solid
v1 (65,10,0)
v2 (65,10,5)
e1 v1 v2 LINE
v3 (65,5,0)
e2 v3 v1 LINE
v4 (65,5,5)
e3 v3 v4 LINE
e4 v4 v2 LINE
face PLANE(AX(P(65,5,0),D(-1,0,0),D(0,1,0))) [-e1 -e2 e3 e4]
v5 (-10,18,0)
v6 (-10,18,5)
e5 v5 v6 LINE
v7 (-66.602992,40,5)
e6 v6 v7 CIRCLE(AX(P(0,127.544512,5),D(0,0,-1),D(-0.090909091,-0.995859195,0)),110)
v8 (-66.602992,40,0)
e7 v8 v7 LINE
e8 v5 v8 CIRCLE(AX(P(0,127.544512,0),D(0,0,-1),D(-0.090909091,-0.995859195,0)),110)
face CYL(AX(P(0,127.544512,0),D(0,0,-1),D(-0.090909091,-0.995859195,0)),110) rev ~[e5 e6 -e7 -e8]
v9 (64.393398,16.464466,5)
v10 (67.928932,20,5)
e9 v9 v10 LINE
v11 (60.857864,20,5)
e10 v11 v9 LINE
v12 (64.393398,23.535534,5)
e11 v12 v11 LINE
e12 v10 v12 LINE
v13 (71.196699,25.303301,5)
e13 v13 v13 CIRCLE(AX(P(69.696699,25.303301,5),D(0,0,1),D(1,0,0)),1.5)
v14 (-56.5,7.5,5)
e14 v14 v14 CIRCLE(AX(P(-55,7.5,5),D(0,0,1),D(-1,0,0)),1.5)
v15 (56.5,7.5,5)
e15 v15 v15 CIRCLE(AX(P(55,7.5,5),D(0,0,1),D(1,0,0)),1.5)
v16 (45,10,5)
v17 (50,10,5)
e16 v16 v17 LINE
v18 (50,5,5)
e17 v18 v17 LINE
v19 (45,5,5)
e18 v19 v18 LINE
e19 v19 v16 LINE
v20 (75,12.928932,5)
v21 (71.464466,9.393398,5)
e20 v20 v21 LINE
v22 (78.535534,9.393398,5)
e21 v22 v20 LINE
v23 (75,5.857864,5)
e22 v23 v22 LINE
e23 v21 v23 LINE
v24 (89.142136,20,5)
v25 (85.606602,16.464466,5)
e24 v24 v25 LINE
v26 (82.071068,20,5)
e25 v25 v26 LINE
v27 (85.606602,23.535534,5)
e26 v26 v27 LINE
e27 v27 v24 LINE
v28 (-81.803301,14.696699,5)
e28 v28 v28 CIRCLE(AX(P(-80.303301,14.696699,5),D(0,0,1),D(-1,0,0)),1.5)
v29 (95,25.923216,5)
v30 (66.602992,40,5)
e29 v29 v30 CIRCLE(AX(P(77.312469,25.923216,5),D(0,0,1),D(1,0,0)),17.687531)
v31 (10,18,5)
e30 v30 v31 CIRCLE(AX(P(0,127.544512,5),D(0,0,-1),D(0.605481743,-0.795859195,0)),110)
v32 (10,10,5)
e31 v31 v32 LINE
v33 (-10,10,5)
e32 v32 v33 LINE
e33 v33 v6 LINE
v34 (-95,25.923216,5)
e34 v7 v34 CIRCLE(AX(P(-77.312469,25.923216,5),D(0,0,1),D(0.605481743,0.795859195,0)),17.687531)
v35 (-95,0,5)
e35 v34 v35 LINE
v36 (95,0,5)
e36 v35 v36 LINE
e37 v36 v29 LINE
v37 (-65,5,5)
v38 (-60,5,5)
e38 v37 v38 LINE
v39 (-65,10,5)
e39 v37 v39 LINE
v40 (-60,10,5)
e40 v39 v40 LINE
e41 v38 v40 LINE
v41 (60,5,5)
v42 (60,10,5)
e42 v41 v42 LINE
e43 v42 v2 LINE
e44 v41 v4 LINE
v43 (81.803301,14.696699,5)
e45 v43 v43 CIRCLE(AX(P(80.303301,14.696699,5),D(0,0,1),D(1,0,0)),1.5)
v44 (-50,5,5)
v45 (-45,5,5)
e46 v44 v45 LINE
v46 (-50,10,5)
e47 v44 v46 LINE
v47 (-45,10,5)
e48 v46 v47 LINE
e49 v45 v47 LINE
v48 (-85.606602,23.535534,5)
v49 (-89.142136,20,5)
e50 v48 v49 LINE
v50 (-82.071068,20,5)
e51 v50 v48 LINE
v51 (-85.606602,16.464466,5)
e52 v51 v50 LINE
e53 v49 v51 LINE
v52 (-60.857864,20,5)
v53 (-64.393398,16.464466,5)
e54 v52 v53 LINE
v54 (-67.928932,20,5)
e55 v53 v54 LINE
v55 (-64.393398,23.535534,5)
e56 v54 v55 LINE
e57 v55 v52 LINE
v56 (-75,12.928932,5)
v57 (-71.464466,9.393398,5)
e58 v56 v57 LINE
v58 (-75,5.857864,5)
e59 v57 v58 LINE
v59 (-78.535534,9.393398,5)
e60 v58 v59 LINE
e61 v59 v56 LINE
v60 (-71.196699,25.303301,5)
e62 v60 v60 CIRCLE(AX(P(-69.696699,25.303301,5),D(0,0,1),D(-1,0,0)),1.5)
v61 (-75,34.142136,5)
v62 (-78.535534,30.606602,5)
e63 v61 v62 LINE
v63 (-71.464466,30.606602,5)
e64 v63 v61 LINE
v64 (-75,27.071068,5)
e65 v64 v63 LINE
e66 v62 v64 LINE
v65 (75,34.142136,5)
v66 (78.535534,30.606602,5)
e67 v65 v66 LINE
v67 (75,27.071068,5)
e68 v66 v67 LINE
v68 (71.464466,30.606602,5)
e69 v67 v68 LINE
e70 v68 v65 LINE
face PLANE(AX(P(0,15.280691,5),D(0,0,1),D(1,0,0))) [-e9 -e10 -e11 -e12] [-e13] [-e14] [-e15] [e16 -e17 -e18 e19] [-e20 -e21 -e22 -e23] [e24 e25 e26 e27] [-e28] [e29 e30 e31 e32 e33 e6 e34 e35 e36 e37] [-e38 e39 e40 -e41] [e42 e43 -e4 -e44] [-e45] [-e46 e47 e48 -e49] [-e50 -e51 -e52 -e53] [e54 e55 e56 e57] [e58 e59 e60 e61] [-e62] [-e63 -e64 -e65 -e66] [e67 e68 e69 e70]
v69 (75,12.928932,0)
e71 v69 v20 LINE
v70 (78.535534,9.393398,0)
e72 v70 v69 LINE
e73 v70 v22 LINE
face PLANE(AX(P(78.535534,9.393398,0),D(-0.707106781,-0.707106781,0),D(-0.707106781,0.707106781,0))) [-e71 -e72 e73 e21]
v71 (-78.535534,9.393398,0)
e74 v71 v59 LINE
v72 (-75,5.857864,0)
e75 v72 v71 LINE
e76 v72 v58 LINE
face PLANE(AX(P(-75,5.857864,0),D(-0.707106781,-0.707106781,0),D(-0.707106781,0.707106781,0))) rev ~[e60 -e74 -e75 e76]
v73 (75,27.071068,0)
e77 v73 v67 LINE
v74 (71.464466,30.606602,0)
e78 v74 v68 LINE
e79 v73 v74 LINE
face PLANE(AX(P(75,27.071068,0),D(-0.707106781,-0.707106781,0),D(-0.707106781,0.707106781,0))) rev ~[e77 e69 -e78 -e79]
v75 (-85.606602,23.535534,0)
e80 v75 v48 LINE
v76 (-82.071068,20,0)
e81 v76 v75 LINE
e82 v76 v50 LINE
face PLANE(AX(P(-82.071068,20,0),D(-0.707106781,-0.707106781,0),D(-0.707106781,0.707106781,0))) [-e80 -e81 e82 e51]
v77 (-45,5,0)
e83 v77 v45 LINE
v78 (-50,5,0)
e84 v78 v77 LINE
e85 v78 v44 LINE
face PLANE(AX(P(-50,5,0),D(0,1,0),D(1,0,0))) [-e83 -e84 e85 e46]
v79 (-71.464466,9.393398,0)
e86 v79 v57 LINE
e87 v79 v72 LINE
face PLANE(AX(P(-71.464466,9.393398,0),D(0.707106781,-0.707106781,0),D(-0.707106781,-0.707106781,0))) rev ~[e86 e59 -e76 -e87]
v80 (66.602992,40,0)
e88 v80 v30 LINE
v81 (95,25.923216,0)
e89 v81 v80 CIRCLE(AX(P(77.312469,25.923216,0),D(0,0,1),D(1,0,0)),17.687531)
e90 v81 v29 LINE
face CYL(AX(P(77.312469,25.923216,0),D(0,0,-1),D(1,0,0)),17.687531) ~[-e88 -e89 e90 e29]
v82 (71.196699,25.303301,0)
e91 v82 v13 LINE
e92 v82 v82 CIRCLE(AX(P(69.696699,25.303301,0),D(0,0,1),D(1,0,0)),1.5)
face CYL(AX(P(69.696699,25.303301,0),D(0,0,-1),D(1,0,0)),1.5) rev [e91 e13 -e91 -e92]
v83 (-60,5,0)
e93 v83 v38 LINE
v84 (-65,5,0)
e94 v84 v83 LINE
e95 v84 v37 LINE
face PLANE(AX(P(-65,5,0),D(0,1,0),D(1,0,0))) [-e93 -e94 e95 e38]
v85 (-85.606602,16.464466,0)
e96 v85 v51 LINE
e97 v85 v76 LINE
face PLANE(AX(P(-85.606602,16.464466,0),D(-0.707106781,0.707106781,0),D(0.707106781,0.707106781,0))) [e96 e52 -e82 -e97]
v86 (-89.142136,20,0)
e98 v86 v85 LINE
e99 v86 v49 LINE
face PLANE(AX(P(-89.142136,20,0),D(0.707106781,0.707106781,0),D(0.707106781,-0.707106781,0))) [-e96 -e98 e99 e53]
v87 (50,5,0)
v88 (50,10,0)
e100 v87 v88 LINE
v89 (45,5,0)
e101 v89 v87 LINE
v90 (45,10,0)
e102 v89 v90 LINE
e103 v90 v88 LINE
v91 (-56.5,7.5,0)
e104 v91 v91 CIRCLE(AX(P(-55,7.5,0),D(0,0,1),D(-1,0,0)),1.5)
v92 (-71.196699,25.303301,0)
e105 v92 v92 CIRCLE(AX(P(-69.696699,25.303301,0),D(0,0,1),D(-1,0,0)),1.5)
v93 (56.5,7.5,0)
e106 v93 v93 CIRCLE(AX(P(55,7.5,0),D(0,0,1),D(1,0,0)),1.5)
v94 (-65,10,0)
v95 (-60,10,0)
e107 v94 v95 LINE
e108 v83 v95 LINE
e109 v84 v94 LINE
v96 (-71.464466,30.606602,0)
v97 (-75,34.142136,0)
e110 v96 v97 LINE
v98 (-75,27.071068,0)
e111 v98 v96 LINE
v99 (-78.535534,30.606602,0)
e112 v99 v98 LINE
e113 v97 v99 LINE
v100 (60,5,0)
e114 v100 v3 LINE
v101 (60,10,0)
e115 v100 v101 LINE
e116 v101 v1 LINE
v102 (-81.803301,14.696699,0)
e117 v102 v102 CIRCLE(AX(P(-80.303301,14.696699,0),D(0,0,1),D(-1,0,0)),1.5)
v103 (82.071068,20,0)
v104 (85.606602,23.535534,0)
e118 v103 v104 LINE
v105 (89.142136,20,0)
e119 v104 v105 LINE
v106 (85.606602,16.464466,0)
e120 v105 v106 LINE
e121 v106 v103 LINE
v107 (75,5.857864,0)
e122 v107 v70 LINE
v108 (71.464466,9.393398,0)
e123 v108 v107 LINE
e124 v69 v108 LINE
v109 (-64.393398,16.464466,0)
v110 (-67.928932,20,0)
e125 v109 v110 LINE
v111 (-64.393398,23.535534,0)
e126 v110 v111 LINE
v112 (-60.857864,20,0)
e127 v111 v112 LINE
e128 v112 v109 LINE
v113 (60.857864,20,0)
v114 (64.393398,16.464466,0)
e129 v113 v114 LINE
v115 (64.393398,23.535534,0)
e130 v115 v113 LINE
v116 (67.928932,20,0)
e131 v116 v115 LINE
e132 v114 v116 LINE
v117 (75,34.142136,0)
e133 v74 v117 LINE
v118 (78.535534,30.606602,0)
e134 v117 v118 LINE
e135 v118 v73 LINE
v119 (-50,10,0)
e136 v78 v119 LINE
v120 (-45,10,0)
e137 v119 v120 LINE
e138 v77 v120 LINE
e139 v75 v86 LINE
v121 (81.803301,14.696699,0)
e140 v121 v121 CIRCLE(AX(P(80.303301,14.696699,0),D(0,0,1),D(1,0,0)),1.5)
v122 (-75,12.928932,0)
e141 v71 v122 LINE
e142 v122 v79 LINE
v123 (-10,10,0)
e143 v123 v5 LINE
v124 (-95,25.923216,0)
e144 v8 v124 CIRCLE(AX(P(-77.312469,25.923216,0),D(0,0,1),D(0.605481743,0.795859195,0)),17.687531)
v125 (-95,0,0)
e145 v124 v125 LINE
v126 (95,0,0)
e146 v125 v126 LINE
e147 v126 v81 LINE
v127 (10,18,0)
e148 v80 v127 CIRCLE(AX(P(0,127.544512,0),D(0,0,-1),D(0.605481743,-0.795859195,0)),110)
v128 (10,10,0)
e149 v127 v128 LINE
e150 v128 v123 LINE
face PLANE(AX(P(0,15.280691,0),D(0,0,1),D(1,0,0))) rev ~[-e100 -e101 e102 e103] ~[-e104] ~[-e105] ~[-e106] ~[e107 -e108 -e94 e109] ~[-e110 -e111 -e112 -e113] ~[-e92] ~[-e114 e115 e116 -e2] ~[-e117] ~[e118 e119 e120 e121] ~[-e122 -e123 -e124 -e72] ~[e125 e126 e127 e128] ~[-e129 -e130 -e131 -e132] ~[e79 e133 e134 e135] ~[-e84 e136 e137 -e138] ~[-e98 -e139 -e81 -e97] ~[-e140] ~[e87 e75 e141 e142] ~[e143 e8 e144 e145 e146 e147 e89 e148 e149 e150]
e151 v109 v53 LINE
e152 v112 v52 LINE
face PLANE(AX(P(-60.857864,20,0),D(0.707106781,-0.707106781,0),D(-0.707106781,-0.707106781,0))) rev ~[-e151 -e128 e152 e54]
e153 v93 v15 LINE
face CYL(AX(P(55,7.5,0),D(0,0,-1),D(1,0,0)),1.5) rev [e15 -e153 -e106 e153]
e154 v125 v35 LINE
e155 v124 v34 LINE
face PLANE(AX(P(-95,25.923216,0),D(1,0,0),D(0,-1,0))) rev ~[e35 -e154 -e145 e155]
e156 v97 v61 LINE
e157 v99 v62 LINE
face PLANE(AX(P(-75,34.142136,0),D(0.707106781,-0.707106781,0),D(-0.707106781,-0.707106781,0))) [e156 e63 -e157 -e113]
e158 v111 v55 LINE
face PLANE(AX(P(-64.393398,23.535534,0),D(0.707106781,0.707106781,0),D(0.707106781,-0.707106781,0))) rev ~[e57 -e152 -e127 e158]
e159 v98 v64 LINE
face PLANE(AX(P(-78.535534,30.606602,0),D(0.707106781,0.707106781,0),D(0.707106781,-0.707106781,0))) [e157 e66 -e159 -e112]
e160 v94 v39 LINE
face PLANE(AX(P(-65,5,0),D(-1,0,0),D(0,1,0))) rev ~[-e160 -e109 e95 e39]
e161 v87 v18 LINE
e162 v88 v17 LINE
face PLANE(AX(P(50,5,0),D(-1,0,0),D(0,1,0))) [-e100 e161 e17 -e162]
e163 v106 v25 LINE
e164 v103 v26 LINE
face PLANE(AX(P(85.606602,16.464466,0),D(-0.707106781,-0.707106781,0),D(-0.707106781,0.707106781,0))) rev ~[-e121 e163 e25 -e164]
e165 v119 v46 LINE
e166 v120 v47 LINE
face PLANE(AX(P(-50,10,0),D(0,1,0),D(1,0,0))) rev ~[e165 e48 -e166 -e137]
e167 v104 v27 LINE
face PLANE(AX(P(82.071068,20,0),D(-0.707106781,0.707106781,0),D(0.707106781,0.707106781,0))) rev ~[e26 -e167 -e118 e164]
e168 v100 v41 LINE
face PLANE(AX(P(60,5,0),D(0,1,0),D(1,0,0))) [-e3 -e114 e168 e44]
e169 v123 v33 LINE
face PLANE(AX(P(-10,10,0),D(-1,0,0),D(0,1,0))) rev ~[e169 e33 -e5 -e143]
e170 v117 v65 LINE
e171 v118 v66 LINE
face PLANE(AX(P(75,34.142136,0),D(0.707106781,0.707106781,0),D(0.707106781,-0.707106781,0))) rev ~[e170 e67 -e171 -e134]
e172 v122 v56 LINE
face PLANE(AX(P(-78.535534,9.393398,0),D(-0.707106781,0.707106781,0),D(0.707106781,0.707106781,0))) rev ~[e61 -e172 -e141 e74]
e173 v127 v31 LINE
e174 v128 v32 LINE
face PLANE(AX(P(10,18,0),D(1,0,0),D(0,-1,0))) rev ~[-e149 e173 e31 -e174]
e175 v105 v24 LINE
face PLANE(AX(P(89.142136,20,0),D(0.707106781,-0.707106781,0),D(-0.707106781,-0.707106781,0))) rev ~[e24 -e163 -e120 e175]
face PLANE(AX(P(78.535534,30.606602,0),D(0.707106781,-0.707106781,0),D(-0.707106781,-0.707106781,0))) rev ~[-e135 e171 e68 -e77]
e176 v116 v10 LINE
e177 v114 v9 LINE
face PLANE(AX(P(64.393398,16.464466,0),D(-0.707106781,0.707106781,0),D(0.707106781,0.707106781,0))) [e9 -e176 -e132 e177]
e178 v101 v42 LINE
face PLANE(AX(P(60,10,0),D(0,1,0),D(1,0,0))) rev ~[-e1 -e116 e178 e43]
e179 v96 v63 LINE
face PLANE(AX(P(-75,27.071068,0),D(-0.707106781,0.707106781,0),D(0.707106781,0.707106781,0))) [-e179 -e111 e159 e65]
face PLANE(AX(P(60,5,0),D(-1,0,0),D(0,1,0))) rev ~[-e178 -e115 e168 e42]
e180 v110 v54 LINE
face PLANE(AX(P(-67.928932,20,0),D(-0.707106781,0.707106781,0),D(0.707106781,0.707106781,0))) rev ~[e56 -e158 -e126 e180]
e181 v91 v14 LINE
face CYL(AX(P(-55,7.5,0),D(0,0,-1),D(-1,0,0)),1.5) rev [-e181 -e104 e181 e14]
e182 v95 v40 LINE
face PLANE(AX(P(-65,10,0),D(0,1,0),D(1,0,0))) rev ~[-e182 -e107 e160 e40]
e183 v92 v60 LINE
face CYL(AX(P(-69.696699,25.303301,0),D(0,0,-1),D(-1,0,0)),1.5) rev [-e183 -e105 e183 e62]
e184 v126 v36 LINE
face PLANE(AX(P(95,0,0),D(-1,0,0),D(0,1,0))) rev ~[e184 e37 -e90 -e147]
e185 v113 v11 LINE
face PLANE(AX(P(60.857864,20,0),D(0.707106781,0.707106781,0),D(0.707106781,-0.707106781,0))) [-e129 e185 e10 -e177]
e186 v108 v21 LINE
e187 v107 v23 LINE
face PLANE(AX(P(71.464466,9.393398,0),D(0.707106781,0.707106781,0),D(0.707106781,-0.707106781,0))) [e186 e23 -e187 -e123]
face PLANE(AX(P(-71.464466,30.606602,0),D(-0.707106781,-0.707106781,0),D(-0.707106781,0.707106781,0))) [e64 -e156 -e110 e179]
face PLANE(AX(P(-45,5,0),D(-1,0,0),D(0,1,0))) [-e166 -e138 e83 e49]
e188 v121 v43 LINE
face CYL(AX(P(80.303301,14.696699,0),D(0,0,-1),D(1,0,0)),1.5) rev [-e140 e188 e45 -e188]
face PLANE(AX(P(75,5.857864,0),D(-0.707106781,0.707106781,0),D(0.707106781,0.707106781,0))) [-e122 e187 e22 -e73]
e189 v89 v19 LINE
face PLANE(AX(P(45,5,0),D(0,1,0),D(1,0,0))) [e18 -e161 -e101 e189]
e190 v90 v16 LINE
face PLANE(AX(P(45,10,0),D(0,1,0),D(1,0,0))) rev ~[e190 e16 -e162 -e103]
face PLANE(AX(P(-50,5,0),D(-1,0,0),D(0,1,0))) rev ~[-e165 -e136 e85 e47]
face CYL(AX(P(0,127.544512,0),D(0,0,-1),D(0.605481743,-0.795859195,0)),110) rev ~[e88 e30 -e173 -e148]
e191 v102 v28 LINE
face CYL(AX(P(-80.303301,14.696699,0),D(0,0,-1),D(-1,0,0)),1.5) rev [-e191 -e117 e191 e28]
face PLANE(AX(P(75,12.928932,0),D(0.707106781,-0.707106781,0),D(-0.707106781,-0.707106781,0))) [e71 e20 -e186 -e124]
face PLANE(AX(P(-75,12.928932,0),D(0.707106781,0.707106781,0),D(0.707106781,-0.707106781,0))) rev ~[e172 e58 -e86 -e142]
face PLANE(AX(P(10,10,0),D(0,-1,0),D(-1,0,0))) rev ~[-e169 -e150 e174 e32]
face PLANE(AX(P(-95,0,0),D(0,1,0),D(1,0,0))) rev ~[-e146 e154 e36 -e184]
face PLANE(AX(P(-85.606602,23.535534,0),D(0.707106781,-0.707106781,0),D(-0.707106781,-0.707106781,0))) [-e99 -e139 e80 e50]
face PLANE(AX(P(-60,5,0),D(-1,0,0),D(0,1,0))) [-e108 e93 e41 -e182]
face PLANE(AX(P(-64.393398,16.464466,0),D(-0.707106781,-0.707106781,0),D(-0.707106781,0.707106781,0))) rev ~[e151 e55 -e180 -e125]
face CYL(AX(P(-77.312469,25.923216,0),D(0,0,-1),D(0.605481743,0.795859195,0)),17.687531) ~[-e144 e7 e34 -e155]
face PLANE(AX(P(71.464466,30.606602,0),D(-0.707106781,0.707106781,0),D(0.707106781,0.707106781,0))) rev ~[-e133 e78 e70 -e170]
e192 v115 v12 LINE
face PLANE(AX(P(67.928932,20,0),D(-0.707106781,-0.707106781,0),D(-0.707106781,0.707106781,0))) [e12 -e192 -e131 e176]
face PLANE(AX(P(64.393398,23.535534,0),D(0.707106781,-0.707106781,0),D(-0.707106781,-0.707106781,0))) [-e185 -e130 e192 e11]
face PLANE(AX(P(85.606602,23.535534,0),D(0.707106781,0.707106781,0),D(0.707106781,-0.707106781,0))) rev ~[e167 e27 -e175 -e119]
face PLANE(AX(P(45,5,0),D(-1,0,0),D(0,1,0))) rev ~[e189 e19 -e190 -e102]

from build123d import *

# Parameters (mm, degrees)
SKETCH1_R           = 1.5
SKETCH1_W           = 5
SKETCH1_H           = 5
BOSS_EXTRUDE1_DEPTH = 5


with BuildPart() as part:
    # Sketch1 → Boss-Extrude1 (new body)
    with BuildSketch(Plane.XY):
        with BuildLine():
            Line((-95, 0), (95, 0))
            Line((95, 0), (95, 25.923215718))
            ThreePointArc((95, 25.923215718), (85.16818484, 41.770502039), (66.60299172, 40))
            ThreePointArc((66.60299172, 40), (39.84977522, 25.016488918), (10, 18))
            Line((10, 18), (10, 10))
            Line((10, 10), (-10, 10))
            Line((-10, 10), (-10, 18))
            ThreePointArc((-10, 18), (-39.84977522, 25.016488918), (-66.60299172, 40))
            ThreePointArc((-66.60299172, 40), (-85.16818484, 41.770502039), (-95, 25.923215718))
            Line((-95, 25.923215718), (-95, 0))
        make_face()
        with Locations((80.303300859, 14.696699141)):
            Circle(SKETCH1_R, mode=Mode.SUBTRACT)
        with Locations((69.696699141, 25.303300859)):
            Circle(SKETCH1_R, mode=Mode.SUBTRACT)
        with Locations(Location((-69.696699141, 25.303300859, 0), (0, 0, 180))):
            Circle(SKETCH1_R, mode=Mode.SUBTRACT)
        with Locations(Location((-80.303300859, 14.696699141, 0), (0, 0, 180))):
            Circle(SKETCH1_R, mode=Mode.SUBTRACT)
        with Locations((55, 7.5)):
            Circle(SKETCH1_R, mode=Mode.SUBTRACT)
        with Locations(Location((-55, 7.5, 0), (0, 0, 180))):
            Circle(SKETCH1_R, mode=Mode.SUBTRACT)
        Polygon((75, 12.928932188), (71.464466094, 9.393398282), (75, 5.857864376), (78.535533906, 9.393398282), align=None, mode=Mode.SUBTRACT)
        Polygon((82.071067812, 20), (85.606601718, 23.535533906), (89.142135624, 20), (85.606601718, 16.464466094), align=None, mode=Mode.SUBTRACT)
        Polygon((64.393398282, 23.535533906), (60.857864376, 20), (64.393398282, 16.464466094), (67.928932188, 20), align=None, mode=Mode.SUBTRACT)
        Polygon((71.464466094, 30.606601718), (75, 34.142135624), (78.535533906, 30.606601718), (75, 27.071067812), align=None, mode=Mode.SUBTRACT)
        Polygon((-64.393398282, 23.535533906), (-60.857864376, 20), (-64.393398282, 16.464466094), (-67.928932188, 20), align=None, mode=Mode.SUBTRACT)
        Polygon((-71.464466094, 30.606601718), (-75, 34.142135624), (-78.535533906, 30.606601718), (-75, 27.071067812), align=None, mode=Mode.SUBTRACT)
        Polygon((-75, 12.928932188), (-71.464466094, 9.393398282), (-75, 5.857864376), (-78.535533906, 9.393398282), align=None, mode=Mode.SUBTRACT)
        Polygon((-82.071067812, 20), (-85.606601718, 23.535533906), (-89.142135624, 20), (-85.606601718, 16.464466094), align=None, mode=Mode.SUBTRACT)
        with Locations((47.5, 7.5)):
            Rectangle(SKETCH1_W, SKETCH1_H, mode=Mode.SUBTRACT)
        with Locations((62.5, 7.5)):
            Rectangle(SKETCH1_W, SKETCH1_H, mode=Mode.SUBTRACT)
        with Locations((-47.5, 7.5)):
            Rectangle(SKETCH1_W, SKETCH1_H, mode=Mode.SUBTRACT)
        with Locations((-62.5, 7.5)):
            Rectangle(SKETCH1_W, SKETCH1_H, mode=Mode.SUBTRACT)
    extrude(amount=BOSS_EXTRUDE1_DEPTH)


solid = part.part
